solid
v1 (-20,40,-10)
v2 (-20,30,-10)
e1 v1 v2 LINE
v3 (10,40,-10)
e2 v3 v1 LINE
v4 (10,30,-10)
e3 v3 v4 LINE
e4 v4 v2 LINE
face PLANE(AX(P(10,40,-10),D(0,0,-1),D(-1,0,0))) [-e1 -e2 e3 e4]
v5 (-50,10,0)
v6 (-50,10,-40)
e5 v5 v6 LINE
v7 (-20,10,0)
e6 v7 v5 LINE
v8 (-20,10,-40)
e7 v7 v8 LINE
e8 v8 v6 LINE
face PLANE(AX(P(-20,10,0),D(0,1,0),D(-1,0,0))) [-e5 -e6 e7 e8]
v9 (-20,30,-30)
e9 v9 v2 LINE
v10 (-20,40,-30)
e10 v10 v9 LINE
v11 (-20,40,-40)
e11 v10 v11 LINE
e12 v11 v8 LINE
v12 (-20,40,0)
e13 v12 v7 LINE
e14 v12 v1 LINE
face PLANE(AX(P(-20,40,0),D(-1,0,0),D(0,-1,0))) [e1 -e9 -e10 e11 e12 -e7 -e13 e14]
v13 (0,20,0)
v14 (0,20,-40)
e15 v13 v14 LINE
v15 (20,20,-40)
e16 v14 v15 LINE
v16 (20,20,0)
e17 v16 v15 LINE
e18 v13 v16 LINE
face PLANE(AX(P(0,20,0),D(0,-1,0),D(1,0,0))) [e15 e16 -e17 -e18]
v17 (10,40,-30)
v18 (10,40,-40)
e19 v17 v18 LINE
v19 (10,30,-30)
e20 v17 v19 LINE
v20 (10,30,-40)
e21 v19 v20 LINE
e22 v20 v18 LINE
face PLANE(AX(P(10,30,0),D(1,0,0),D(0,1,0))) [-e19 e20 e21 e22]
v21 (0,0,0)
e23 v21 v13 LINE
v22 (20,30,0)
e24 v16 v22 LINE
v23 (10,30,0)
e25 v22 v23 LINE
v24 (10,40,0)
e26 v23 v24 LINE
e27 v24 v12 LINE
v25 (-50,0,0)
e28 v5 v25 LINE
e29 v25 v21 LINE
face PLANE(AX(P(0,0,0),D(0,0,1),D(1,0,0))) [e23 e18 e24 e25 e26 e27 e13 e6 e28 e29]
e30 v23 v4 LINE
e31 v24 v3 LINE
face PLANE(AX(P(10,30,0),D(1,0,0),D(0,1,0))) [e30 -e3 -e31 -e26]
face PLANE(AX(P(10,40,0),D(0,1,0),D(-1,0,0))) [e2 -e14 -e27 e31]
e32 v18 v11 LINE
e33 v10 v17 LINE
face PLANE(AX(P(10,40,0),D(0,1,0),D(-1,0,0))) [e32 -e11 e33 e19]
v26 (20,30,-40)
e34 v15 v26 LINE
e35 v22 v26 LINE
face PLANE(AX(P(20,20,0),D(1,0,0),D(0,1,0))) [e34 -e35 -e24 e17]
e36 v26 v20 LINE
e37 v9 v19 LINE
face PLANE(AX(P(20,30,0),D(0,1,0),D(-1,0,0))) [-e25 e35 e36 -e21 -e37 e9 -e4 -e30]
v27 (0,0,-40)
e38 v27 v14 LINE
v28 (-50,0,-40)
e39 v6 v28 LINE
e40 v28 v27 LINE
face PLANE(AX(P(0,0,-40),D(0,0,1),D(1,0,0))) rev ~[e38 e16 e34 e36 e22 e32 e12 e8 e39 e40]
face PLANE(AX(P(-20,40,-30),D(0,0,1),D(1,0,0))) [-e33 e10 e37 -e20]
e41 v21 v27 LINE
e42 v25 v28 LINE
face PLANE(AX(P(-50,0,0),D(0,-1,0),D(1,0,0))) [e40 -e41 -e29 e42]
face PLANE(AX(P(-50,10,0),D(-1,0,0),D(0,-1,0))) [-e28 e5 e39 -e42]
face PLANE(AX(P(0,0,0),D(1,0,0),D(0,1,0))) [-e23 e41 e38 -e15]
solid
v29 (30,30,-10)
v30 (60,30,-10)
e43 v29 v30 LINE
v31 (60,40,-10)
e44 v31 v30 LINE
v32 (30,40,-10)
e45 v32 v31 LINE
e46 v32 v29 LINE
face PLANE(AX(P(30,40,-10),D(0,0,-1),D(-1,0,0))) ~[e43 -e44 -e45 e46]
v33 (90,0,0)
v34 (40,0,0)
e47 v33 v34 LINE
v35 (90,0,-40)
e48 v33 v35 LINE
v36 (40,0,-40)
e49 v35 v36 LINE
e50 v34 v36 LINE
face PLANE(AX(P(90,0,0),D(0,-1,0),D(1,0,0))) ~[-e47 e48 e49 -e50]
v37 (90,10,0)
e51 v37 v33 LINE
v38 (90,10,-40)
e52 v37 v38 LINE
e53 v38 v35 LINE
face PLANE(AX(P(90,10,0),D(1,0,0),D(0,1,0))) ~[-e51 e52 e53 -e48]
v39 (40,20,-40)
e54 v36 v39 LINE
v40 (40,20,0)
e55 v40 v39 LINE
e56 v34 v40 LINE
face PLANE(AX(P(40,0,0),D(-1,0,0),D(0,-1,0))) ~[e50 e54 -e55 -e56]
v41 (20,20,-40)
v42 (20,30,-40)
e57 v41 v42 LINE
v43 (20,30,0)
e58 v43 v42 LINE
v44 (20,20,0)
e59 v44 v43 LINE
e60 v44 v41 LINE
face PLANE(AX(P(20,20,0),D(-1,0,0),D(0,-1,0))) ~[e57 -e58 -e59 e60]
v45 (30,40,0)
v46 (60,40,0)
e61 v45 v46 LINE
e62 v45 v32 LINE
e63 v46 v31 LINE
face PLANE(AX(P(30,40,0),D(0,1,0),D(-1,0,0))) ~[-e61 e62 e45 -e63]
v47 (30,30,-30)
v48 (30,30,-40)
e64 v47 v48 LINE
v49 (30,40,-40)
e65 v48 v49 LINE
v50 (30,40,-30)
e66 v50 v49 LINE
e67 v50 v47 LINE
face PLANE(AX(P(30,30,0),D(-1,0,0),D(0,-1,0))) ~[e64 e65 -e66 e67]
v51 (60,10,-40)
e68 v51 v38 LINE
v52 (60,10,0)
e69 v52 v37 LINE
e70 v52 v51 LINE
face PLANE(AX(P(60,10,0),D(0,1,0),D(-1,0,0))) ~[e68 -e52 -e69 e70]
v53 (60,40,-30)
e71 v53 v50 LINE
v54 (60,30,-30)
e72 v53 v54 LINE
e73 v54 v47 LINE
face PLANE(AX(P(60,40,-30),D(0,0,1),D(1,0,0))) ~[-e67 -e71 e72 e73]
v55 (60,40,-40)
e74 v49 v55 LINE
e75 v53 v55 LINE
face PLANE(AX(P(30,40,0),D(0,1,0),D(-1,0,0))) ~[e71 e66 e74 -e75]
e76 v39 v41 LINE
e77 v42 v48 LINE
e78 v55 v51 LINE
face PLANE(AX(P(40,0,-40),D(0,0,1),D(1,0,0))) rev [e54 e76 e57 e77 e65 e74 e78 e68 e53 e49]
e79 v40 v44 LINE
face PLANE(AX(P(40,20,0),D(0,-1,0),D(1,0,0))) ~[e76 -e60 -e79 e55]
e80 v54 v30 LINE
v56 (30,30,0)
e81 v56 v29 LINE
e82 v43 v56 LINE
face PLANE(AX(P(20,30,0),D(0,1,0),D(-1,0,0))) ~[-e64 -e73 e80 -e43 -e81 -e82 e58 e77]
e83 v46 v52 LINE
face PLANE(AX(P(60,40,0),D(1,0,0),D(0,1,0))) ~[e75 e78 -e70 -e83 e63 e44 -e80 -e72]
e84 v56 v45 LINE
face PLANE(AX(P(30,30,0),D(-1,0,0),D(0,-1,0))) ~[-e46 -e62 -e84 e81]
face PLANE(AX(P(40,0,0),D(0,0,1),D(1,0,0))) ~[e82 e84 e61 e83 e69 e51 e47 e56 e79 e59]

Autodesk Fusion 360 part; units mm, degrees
sketch "Sketch1" plane through (0, 0, 0) normal (0, 0, 1) x (1, 0, 0)
  line L0 (-50, 0) -> (0, 0)
  line L1 (0, 0) -> (0, 20)
  line L2 (0, 20) -> (20, 20)
  line L3 (20, 20) -> (20, 30)
  line L4 (20, 30) -> (10, 30)
  line L5 (10, 30) -> (10, 40)
  line L6 (10, 40) -> (-20, 40)
  line L7 (-20, 40) -> (-20, 10)
  line L8 (-20, 10) -> (-50, 10)
  line L9 (-50, 10) -> (-50, 0)
extrude "Extrude1" add sketch "Sketch1" against normal blind 40 makes body 1
sketch "Sketch2" plane through (0, 0, 0) normal (0, 1, 0) x (1, 0, 0)
sketch "Sketch3" plane through (0, 40, 0) normal (0, 1, 0) x (-1, 0, 0)
  line L0 (20, 0) -> (-10, 0)
  line L1 (-10, 0) -> (-10, -40)
  line L2 (-10, -40) -> (20, -40)
  line L3 (20, -40) -> (20, 0)
  line L4 (20, -30) -> (-10, -30)
  line L5 (-10, -30) -> (-10, -10)
  line L6 (-10, -10) -> (20, -10)
  line L7 (20, -10) -> (20, -30)
extrude "Extrude2" cut sketch "Sketch3" against normal blind 10 contours L1 L3 L4 L5 L6 L7 bodies 1
mirror "Mirror1" about plane through (20, 20, 0) normal (1, 0, 0) of bodies 1 makes body 2
